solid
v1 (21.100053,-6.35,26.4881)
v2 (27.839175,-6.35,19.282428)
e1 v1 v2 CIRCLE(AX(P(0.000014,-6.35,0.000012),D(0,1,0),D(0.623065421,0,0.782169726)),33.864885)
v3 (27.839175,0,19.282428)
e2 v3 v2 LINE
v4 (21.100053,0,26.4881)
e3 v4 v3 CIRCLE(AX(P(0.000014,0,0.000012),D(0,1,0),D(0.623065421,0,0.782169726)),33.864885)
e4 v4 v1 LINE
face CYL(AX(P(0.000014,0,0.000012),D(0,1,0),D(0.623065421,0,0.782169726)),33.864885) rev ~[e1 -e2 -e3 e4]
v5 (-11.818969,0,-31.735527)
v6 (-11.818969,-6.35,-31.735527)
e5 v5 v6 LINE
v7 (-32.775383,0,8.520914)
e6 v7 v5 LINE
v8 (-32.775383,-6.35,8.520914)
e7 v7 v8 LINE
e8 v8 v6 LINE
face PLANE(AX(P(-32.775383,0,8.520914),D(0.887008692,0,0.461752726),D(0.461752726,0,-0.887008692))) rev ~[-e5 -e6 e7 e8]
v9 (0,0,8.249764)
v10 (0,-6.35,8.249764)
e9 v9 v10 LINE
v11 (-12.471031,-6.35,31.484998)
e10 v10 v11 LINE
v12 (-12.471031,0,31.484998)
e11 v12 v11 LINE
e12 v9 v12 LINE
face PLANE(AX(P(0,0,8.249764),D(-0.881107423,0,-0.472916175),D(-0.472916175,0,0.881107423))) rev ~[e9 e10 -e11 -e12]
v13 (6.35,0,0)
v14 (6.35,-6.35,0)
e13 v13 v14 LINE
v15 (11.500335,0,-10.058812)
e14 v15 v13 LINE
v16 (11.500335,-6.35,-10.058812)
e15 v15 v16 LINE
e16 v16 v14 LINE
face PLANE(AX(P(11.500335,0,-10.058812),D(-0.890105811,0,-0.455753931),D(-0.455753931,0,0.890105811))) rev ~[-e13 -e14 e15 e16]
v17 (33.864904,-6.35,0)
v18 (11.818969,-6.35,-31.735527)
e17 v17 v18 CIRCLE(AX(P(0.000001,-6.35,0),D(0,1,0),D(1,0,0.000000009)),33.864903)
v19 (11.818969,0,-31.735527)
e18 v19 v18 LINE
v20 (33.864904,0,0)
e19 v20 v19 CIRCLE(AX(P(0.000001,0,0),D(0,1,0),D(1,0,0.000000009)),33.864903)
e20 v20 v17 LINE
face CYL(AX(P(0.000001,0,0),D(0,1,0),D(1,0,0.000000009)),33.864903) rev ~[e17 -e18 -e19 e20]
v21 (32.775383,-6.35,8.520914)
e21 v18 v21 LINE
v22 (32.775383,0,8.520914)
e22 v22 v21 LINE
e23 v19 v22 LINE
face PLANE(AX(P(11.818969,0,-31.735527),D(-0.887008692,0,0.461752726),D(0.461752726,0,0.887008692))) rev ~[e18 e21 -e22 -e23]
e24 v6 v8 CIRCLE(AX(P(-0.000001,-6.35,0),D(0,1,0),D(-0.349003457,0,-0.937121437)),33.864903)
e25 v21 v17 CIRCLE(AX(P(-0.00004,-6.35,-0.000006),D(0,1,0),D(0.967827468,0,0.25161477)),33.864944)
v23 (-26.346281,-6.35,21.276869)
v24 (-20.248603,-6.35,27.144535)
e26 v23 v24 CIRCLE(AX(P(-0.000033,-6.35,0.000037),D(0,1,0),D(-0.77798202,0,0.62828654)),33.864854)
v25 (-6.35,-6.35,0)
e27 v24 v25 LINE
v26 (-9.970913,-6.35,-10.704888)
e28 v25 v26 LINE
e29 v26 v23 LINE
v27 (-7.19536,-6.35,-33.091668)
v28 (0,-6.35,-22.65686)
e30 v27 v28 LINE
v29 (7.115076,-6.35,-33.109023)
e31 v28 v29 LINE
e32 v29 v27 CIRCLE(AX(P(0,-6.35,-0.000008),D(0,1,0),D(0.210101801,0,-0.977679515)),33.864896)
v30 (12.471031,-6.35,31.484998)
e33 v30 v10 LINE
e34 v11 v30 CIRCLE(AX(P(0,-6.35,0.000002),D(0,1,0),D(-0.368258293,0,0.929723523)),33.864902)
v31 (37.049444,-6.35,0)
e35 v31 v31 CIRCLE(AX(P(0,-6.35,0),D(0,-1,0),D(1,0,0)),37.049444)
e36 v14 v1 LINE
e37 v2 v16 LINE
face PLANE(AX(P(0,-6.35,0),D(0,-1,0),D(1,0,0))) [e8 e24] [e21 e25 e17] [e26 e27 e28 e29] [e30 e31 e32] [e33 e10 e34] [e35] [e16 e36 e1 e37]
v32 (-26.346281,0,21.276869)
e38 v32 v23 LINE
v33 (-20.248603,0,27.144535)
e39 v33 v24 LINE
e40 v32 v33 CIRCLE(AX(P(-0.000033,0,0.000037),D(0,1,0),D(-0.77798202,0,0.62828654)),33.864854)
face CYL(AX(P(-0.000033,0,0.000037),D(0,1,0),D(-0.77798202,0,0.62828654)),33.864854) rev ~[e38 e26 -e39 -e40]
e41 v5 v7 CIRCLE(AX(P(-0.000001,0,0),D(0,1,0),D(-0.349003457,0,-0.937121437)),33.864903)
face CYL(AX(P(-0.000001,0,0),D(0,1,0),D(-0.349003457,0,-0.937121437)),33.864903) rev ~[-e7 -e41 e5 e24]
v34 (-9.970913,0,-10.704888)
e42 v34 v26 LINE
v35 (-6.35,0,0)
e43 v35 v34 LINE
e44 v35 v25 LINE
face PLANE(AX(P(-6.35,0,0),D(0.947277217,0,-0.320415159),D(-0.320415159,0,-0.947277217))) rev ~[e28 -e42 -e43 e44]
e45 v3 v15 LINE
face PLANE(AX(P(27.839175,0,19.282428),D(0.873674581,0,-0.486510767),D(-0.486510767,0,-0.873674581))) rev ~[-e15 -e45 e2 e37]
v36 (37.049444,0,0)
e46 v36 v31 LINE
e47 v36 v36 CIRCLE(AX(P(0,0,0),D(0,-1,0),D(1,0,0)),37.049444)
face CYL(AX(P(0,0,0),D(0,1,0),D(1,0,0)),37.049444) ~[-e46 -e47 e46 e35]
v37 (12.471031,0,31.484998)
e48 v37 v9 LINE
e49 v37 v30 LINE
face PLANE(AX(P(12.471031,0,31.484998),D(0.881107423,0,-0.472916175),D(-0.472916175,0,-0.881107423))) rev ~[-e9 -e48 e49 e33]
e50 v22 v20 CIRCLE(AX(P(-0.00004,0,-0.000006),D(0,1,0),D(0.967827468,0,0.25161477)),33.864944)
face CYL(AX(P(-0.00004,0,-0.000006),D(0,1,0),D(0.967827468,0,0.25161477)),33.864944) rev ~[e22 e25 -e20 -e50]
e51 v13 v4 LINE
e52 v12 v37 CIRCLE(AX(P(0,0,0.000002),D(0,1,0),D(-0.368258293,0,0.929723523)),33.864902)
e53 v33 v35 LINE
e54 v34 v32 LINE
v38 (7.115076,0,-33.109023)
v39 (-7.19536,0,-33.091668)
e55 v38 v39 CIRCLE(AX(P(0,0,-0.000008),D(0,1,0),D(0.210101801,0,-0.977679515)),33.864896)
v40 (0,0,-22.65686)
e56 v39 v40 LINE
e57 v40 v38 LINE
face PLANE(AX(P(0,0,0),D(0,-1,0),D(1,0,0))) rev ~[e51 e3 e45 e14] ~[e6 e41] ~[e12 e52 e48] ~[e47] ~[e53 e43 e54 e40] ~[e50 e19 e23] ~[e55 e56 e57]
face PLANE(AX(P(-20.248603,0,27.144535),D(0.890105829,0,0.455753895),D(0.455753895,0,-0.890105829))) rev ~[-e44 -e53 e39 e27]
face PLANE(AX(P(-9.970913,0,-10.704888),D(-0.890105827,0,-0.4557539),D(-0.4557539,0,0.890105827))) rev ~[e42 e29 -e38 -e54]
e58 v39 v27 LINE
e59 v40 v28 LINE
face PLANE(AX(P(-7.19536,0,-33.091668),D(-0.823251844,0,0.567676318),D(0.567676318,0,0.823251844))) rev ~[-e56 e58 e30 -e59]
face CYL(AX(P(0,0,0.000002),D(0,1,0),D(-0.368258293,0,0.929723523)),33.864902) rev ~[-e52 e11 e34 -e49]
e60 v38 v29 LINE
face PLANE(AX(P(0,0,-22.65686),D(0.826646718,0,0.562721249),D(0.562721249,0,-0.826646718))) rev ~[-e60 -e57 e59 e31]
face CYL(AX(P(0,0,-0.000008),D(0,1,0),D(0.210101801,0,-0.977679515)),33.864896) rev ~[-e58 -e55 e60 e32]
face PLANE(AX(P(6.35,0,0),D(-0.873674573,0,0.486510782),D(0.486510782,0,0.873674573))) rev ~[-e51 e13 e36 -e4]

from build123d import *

# Parameters (mm, degrees)
F0_R     = 37.049444
F1_DEPTH = 6.35


with BuildPart() as f1:
    # F0 (on Front) → F1 (new body)
    with BuildSketch(Plane.XZ):
        Circle(F0_R)
        with BuildLine():
            ThreePointArc((32.775383, 8.520914), (33.591419, 4.295144), (33.864904, 0))
            ThreePointArc((33.864904, 0), (27.812587, -19.320759), (11.818969, -31.735527))
            ThreePointArc((11.818969, -31.735527), (9.491898, -32.507469), (7.115076, -33.109023))
            ThreePointArc((7.115076, -33.109023), (-0.041069, -33.864879), (-7.19536, -33.091668))
            ThreePointArc((-7.19536, -33.091668), (-9.531315, -32.495934), (-11.818969, -31.735527))
            ThreePointArc((-11.818969, -31.735527), (-30.038464, -15.637212), (-32.775383, 8.520914))
            ThreePointArc((-32.775383, 8.520914), (-30.241055, 15.241729), (-26.346281, 21.276869))
            ThreePointArc((-26.346281, 21.276869), (-23.481444, 24.401916), (-20.248603, 27.144535))
            ThreePointArc((-20.248603, 27.144535), (-16.503137, 29.571577), (-12.471031, 31.484998))
            ThreePointArc((-12.471031, 31.484998), (0, 33.864904), (12.471031, 31.484998))
            ThreePointArc((12.471031, 31.484998), (16.970465, 29.305887), (21.100053, 26.4881))
            ThreePointArc((21.100053, 26.4881), (24.733428, 23.131996), (27.839175, 19.282428))
            ThreePointArc((27.839175, 19.282428), (30.781223, 14.119065), (32.775383, 8.520914))
        make_face(mode=Mode.SUBTRACT)
        with BuildLine():
            Line((11.818969, -31.735527), (32.775383, 8.520914))
            ThreePointArc((32.775383, 8.520914), (30.781223, 14.119065), (27.839175, 19.282428))
            Line((27.839175, 19.282428), (11.500335, -10.058812))
            Line((11.500335, -10.058812), (6.35, 0))
            Line((6.35, 0), (-6.35, 0))
            Line((-6.35, 0), (-9.970913, -10.704888))
            Line((-9.970913, -10.704888), (-26.346281, 21.276869))
            ThreePointArc((-26.346281, 21.276869), (-30.241055, 15.241729), (-32.775383, 8.520914))
            Line((-32.775383, 8.520914), (-11.818969, -31.735527))
            ThreePointArc((-11.818969, -31.735527), (-9.531315, -32.495934), (-7.19536, -33.091668))
            Line((-7.19536, -33.091668), (0, -22.65686))
            Line((0, -22.65686), (7.115076, -33.109023))
            ThreePointArc((7.115076, -33.109023), (9.491898, -32.507469), (11.818969, -31.735527))
        make_face()
        with BuildLine():
            Line((6.35, 0), (21.100053, 26.4881))
            ThreePointArc((21.100053, 26.4881), (16.970465, 29.305887), (12.471031, 31.484998))
            Line((12.471031, 31.484998), (0, 8.249764))
            Line((0, 8.249764), (-12.471031, 31.484998))
            ThreePointArc((-12.471031, 31.484998), (-16.503137, 29.571577), (-20.248603, 27.144535))
            Line((-20.248603, 27.144535), (-6.35, 0))
            Line((-6.35, 0), (6.35, 0))
        make_face()
    extrude(amount=F1_DEPTH)


solid = f1.part
